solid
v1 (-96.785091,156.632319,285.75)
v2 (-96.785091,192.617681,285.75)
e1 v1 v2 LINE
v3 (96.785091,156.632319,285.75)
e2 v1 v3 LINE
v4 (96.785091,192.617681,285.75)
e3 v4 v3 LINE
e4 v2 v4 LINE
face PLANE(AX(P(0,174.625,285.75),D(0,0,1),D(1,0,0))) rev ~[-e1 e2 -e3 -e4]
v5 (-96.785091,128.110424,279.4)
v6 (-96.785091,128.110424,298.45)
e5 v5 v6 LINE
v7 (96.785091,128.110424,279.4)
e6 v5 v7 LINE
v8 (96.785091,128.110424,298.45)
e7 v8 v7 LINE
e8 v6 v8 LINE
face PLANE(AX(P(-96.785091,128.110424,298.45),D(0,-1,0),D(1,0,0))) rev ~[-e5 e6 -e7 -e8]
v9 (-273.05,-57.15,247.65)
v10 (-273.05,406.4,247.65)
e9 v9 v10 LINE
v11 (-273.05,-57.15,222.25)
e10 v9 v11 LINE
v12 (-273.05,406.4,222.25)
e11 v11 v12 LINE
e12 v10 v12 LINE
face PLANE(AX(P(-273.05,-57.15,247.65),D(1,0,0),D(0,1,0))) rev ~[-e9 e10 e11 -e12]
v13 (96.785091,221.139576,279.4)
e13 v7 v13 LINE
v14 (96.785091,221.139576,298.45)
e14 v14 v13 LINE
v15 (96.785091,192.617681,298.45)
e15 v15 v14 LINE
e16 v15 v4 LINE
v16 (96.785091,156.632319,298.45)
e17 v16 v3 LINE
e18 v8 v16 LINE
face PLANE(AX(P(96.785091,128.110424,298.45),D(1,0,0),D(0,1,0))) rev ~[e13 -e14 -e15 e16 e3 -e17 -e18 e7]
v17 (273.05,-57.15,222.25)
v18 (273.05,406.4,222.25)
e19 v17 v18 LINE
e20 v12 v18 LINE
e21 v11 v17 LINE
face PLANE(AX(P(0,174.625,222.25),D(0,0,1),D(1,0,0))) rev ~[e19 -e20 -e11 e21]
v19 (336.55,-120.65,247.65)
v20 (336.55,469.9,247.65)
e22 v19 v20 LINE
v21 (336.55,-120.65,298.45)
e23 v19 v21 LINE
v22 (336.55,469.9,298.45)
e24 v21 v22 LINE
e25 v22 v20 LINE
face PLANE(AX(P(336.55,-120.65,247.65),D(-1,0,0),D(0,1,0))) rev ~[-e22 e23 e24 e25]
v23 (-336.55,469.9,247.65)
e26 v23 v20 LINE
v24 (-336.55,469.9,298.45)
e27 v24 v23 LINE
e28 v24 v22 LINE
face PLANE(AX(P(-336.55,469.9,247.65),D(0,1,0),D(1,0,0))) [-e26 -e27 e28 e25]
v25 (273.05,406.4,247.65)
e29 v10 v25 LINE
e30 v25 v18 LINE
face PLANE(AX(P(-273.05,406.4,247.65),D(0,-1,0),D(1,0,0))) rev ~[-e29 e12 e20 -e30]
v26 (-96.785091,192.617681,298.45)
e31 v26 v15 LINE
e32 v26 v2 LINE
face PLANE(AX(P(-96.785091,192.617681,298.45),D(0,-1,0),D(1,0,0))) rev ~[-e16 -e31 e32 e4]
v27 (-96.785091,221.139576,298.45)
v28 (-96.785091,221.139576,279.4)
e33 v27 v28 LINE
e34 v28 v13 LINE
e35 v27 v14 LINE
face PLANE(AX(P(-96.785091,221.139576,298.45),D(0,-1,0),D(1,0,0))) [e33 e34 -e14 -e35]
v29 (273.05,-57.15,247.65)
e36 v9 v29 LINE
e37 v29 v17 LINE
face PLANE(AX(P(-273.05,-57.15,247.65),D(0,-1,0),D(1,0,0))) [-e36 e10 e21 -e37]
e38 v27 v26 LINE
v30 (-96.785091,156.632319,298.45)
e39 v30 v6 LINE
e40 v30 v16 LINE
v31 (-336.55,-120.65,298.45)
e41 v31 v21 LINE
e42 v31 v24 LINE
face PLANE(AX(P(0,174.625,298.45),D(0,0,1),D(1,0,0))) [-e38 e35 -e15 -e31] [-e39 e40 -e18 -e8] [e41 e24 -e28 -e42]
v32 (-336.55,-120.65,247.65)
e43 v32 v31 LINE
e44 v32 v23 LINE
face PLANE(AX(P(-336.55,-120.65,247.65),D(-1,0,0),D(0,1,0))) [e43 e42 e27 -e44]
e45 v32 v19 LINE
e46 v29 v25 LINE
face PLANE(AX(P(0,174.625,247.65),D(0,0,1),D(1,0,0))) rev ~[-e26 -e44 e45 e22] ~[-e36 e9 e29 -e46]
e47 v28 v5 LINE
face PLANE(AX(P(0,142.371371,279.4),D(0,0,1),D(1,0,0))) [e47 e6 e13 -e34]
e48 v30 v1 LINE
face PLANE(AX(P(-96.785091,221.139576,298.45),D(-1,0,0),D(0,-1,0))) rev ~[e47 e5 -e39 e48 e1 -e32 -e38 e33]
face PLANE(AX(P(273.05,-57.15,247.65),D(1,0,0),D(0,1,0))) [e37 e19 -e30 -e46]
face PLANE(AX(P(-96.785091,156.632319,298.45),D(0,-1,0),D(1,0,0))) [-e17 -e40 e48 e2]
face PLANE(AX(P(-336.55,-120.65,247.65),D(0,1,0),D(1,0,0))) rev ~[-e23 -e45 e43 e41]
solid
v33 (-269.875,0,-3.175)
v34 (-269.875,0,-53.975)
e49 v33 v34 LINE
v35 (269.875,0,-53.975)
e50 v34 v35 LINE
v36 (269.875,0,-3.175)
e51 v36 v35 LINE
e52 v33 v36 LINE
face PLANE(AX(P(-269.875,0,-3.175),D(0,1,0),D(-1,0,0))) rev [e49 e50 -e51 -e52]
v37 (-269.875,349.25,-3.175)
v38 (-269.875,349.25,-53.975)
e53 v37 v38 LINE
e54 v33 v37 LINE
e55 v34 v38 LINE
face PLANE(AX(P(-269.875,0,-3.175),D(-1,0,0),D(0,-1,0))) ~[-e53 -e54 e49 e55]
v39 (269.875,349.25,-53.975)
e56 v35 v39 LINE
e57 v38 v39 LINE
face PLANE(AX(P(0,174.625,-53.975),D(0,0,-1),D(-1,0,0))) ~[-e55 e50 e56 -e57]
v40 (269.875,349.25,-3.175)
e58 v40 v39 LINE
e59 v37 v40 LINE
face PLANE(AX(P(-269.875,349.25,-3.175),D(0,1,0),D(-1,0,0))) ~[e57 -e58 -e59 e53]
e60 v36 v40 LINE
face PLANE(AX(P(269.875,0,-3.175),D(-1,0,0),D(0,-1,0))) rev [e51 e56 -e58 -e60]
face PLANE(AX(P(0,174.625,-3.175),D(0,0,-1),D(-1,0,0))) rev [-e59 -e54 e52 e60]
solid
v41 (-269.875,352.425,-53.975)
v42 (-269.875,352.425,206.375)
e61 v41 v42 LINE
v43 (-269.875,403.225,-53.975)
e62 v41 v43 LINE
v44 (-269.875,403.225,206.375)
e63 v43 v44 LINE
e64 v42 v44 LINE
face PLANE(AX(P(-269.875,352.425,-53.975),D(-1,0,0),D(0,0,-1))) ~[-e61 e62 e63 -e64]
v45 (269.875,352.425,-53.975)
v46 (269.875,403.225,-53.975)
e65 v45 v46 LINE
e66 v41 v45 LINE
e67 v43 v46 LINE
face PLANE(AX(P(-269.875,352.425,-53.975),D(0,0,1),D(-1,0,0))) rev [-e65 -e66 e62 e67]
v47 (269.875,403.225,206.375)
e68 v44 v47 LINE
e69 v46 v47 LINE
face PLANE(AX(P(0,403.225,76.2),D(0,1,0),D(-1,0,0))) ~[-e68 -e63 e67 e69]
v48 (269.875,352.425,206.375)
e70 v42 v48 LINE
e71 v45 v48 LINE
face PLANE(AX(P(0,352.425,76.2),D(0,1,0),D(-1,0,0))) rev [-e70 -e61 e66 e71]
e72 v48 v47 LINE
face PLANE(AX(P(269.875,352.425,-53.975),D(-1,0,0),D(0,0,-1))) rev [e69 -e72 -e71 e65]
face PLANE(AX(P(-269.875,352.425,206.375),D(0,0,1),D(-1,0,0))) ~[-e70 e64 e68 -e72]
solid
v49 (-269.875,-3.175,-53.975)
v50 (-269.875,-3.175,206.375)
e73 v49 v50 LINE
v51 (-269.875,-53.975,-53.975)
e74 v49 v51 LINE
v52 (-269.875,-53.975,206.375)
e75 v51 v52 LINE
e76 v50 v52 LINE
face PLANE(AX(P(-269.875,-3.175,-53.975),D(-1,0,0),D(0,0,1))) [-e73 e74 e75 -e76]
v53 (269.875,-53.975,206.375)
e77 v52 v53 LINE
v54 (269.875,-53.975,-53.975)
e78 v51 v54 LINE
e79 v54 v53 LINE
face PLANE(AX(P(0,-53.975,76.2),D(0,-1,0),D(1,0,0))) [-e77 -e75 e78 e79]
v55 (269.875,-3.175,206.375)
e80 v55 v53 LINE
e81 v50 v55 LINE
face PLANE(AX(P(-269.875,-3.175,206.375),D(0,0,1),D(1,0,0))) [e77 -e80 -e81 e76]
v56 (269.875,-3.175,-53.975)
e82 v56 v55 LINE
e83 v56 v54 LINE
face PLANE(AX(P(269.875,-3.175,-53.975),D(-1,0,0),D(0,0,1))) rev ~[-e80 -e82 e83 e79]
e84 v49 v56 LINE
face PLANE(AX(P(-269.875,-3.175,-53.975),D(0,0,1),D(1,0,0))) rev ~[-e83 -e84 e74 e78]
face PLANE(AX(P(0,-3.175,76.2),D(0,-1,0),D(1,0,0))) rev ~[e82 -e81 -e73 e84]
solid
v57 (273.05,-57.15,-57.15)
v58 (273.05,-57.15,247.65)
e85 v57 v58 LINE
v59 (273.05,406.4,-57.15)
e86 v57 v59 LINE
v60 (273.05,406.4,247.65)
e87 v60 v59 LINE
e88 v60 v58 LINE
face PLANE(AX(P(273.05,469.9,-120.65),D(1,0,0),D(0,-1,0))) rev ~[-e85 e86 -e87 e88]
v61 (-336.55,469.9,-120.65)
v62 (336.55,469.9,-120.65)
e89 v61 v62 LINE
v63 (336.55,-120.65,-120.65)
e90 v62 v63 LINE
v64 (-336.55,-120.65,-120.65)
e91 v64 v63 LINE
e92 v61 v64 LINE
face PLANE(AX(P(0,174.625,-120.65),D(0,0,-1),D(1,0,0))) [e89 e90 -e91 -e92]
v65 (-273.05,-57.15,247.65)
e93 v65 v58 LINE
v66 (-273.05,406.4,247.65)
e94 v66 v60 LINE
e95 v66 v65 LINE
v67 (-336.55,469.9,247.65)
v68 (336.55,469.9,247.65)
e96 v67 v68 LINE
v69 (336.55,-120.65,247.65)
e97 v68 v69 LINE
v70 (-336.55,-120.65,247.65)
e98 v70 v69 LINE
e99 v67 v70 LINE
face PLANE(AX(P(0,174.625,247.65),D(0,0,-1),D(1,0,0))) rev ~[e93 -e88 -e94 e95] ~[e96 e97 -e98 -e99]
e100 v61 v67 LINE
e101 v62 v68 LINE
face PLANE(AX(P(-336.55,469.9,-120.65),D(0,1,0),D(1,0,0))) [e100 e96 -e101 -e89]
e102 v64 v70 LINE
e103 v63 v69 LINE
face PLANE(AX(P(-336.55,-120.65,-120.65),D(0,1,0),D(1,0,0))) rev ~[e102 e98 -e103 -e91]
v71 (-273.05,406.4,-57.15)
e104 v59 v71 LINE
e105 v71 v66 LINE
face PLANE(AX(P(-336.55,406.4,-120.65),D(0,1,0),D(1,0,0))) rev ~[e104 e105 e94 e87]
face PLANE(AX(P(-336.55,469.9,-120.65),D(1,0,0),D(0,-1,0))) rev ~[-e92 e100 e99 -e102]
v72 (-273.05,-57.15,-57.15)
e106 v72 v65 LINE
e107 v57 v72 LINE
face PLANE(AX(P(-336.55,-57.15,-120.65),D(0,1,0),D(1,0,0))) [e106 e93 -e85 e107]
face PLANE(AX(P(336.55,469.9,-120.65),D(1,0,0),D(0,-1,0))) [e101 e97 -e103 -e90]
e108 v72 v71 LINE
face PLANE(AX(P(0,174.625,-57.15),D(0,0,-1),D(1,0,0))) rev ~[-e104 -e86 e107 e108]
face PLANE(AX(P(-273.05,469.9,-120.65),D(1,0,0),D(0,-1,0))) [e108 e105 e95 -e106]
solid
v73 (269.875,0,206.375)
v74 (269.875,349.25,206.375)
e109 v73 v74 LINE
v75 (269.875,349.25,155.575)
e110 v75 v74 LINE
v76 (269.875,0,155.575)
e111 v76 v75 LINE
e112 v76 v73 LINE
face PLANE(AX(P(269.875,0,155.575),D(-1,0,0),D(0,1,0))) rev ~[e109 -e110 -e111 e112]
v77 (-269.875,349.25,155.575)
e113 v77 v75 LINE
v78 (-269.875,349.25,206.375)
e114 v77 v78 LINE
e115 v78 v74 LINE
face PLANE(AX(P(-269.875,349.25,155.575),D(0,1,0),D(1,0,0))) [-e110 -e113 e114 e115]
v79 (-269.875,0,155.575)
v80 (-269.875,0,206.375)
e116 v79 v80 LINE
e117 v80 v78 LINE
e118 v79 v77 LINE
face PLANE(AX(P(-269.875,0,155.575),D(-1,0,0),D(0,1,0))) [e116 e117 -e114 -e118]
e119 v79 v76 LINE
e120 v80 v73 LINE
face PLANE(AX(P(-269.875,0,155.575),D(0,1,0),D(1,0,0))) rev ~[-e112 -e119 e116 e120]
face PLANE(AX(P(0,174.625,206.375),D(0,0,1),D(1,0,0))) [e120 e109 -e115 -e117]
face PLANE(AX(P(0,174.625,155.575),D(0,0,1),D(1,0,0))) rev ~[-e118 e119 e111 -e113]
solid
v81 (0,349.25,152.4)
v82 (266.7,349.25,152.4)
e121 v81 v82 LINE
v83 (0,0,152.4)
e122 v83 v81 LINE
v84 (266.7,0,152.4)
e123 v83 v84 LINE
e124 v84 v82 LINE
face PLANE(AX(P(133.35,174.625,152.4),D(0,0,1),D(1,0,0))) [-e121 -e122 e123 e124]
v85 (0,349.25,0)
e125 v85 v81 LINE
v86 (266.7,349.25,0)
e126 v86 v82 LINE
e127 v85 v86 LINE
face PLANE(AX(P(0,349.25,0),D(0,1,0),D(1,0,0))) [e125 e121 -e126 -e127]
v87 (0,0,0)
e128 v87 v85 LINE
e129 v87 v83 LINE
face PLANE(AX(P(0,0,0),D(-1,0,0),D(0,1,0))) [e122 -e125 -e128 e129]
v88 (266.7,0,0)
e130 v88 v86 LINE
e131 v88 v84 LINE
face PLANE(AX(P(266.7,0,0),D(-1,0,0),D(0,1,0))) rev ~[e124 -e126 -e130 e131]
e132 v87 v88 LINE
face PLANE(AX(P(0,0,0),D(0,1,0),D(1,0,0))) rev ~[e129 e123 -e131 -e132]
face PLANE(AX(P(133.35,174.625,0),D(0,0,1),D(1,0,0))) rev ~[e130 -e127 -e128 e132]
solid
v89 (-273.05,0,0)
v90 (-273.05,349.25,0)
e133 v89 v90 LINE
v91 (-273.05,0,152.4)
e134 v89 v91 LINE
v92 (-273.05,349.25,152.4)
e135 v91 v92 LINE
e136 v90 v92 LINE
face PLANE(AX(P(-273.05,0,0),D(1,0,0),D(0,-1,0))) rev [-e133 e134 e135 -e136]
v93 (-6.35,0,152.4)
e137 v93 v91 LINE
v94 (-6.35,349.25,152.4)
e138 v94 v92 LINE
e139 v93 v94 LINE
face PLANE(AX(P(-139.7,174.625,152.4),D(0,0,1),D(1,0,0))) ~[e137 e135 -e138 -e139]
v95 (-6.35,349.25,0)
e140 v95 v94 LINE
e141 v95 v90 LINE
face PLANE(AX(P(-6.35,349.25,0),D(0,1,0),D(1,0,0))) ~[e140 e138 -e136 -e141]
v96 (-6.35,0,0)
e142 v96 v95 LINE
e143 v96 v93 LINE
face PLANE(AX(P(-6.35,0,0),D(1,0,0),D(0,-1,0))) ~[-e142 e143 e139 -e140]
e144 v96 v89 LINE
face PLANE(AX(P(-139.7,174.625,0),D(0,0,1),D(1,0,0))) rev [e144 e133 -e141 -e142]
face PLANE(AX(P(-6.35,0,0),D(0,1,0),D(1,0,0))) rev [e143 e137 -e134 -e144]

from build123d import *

# Parameters (mm, degrees)
F0_W         = 266.7
F0_H         = 349.25
F1_DEPTH     = 152.4
F5_W         = 539.75
F5_H         = 349.25
F6_DEPTH     = 50.8
F13_W        = 539.75
F13_H        = 260.35
F14_DEPTH    = 50.8
F21_W        = 673.1
F21_H        = 590.55
F22_DEPTH    = 368.3
F23_T        = -63.5
F24_W        = 546.1
F24_H        = 463.55
F25_DEPTH    = 25.4
F22_FACE_W   = 673.1
F22_FACE_H   = 590.55
F22_FACE_W_2 = 546.1
F22_FACE_H_2 = 463.55
F25_FACE_W   = 546.1
F25_FACE_H   = 463.55
F26_DEPTH    = 50.8
F27_W        = 193.5701817274
F27_H        = 28.5218954086
F27_H_2      = 35.9853618145
F28_DEPTH    = 19.05
F27_W_2      = 673.1
F27_H_3      = 590.55
F29_DEPTH    = 12.7


with BuildPart() as f1:
    # F0 (on Top) → F1 (new body)
    with BuildSketch(Plane.XY):
        with Locations((133.35, 174.625)):
            Rectangle(F0_W, F0_H)
    extrude(amount=F1_DEPTH)


with BuildPart() as f1_1:
    # F2: moved
    add(f1.part.moved(Location((3.175, 0, 0))))


with BuildPart() as f3_1:
    # F3: instance of F1
    add(f1_1.part.mirror(Plane.YZ))


with BuildPart() as f6:
    # F5 (on offset) → F6 (new body)
    with BuildSketch(Plane.XY.offset(155.575)):
        with Locations((0, 174.625)):
            Rectangle(F5_W, F5_H)
    extrude(amount=F6_DEPTH)


with BuildPart() as f11_1:
    # F11: instance of F6
    add(f6.part.mirror(Plane(origin=(266.7, 349.25, 76.2), x_dir=(-1, 0, 0), z_dir=(0, 0, -1))))


with BuildPart() as f14:
    # F13 (on offset) → F14 (new body)
    with BuildSketch(Plane.XZ.offset(3.175)):
        with Locations((0, 76.2)):
            Rectangle(F13_W, F13_H)
    extrude(amount=F14_DEPTH)


with BuildPart() as f19_1:
    # F19: instance of F14
    add(f14.part.mirror(Plane(origin=(266.7, 174.625, 0), x_dir=(0, 0, 1), z_dir=(0, 1, 0))))


with BuildPart() as f22:
    # F21 (on offset) → F22 (new body)
    with BuildSketch(Plane(origin=(0, 0, -120.65), x_dir=(1, 0, 0), z_dir=(0, 0, -1))):
        with Locations((0, -174.625)):
            Rectangle(F21_W, F21_H)
    extrude(amount=-F22_DEPTH)

    # F23
    f23_openings = [f22.faces().sort_by_distance(p)[0] for p in [
        (0, 174.625, 247.65),
    ]]
    offset(amount=F23_T, openings=f23_openings)


with BuildPart() as f25:
    # F24 (on face) → F25 (new body)
    with BuildSketch(Plane.XY.offset(247.65)):
        with Locations((0, 174.625)):
            Rectangle(F24_W, F24_H)
    extrude(amount=-F25_DEPTH)

    # F22_face (on face) + F25_face (on face) → F26 (join)
    with BuildSketch(Plane(origin=(0, 174.625, 247.65), x_dir=(1, 0, 0), z_dir=(0, 0, 1))):
        Rectangle(F22_FACE_W, F22_FACE_H)
        Rectangle(F22_FACE_W_2, F22_FACE_H_2, mode=Mode.SUBTRACT)
    with BuildSketch(Plane(origin=(0, 174.625, 247.65), x_dir=(1, 0, 0), z_dir=(0, 0, 1))):
        Rectangle(F25_FACE_W, F25_FACE_H)
    extrude(amount=F26_DEPTH)

    # F27 (on face) → F28 (cut)
    with BuildSketch(Plane.XY.offset(298.45)):
        with Locations((0, 142.3713713884)):
            Rectangle(F27_W, F27_H)
        with Locations((0, 174.625)):
            Rectangle(F27_W, F27_H_2)
        with Locations((0, 206.8786286116)):
            Rectangle(F27_W, F27_H)
    extrude(amount=-F28_DEPTH, mode=Mode.SUBTRACT)

    # F27 (on face) → F29 (join)
    with BuildSketch(Plane.XY.offset(298.45)):
        with Locations((0, 174.625)):
            Rectangle(F27_W_2, F27_H_3)
        Polygon((96.7850908637, 156.6323190928), (96.7850908637, 128.1104236841), (-96.7850908637, 128.1104236841), (-96.7850908637, 156.6323190928), (-96.7850908637, 192.6176809072), (-96.7850908637, 221.1395763159), (96.7850908637, 221.1395763159), (96.7850908637, 192.6176809072), align=None, mode=Mode.SUBTRACT)
        with Locations((0, 174.625)):
            Rectangle(F27_W, F27_H_2)
    extrude(amount=-F29_DEPTH)


solid = Compound([f1_1.part, f3_1.part, f6.part, f11_1.part, f14.part, f19_1.part, f22.part, f25.part])
